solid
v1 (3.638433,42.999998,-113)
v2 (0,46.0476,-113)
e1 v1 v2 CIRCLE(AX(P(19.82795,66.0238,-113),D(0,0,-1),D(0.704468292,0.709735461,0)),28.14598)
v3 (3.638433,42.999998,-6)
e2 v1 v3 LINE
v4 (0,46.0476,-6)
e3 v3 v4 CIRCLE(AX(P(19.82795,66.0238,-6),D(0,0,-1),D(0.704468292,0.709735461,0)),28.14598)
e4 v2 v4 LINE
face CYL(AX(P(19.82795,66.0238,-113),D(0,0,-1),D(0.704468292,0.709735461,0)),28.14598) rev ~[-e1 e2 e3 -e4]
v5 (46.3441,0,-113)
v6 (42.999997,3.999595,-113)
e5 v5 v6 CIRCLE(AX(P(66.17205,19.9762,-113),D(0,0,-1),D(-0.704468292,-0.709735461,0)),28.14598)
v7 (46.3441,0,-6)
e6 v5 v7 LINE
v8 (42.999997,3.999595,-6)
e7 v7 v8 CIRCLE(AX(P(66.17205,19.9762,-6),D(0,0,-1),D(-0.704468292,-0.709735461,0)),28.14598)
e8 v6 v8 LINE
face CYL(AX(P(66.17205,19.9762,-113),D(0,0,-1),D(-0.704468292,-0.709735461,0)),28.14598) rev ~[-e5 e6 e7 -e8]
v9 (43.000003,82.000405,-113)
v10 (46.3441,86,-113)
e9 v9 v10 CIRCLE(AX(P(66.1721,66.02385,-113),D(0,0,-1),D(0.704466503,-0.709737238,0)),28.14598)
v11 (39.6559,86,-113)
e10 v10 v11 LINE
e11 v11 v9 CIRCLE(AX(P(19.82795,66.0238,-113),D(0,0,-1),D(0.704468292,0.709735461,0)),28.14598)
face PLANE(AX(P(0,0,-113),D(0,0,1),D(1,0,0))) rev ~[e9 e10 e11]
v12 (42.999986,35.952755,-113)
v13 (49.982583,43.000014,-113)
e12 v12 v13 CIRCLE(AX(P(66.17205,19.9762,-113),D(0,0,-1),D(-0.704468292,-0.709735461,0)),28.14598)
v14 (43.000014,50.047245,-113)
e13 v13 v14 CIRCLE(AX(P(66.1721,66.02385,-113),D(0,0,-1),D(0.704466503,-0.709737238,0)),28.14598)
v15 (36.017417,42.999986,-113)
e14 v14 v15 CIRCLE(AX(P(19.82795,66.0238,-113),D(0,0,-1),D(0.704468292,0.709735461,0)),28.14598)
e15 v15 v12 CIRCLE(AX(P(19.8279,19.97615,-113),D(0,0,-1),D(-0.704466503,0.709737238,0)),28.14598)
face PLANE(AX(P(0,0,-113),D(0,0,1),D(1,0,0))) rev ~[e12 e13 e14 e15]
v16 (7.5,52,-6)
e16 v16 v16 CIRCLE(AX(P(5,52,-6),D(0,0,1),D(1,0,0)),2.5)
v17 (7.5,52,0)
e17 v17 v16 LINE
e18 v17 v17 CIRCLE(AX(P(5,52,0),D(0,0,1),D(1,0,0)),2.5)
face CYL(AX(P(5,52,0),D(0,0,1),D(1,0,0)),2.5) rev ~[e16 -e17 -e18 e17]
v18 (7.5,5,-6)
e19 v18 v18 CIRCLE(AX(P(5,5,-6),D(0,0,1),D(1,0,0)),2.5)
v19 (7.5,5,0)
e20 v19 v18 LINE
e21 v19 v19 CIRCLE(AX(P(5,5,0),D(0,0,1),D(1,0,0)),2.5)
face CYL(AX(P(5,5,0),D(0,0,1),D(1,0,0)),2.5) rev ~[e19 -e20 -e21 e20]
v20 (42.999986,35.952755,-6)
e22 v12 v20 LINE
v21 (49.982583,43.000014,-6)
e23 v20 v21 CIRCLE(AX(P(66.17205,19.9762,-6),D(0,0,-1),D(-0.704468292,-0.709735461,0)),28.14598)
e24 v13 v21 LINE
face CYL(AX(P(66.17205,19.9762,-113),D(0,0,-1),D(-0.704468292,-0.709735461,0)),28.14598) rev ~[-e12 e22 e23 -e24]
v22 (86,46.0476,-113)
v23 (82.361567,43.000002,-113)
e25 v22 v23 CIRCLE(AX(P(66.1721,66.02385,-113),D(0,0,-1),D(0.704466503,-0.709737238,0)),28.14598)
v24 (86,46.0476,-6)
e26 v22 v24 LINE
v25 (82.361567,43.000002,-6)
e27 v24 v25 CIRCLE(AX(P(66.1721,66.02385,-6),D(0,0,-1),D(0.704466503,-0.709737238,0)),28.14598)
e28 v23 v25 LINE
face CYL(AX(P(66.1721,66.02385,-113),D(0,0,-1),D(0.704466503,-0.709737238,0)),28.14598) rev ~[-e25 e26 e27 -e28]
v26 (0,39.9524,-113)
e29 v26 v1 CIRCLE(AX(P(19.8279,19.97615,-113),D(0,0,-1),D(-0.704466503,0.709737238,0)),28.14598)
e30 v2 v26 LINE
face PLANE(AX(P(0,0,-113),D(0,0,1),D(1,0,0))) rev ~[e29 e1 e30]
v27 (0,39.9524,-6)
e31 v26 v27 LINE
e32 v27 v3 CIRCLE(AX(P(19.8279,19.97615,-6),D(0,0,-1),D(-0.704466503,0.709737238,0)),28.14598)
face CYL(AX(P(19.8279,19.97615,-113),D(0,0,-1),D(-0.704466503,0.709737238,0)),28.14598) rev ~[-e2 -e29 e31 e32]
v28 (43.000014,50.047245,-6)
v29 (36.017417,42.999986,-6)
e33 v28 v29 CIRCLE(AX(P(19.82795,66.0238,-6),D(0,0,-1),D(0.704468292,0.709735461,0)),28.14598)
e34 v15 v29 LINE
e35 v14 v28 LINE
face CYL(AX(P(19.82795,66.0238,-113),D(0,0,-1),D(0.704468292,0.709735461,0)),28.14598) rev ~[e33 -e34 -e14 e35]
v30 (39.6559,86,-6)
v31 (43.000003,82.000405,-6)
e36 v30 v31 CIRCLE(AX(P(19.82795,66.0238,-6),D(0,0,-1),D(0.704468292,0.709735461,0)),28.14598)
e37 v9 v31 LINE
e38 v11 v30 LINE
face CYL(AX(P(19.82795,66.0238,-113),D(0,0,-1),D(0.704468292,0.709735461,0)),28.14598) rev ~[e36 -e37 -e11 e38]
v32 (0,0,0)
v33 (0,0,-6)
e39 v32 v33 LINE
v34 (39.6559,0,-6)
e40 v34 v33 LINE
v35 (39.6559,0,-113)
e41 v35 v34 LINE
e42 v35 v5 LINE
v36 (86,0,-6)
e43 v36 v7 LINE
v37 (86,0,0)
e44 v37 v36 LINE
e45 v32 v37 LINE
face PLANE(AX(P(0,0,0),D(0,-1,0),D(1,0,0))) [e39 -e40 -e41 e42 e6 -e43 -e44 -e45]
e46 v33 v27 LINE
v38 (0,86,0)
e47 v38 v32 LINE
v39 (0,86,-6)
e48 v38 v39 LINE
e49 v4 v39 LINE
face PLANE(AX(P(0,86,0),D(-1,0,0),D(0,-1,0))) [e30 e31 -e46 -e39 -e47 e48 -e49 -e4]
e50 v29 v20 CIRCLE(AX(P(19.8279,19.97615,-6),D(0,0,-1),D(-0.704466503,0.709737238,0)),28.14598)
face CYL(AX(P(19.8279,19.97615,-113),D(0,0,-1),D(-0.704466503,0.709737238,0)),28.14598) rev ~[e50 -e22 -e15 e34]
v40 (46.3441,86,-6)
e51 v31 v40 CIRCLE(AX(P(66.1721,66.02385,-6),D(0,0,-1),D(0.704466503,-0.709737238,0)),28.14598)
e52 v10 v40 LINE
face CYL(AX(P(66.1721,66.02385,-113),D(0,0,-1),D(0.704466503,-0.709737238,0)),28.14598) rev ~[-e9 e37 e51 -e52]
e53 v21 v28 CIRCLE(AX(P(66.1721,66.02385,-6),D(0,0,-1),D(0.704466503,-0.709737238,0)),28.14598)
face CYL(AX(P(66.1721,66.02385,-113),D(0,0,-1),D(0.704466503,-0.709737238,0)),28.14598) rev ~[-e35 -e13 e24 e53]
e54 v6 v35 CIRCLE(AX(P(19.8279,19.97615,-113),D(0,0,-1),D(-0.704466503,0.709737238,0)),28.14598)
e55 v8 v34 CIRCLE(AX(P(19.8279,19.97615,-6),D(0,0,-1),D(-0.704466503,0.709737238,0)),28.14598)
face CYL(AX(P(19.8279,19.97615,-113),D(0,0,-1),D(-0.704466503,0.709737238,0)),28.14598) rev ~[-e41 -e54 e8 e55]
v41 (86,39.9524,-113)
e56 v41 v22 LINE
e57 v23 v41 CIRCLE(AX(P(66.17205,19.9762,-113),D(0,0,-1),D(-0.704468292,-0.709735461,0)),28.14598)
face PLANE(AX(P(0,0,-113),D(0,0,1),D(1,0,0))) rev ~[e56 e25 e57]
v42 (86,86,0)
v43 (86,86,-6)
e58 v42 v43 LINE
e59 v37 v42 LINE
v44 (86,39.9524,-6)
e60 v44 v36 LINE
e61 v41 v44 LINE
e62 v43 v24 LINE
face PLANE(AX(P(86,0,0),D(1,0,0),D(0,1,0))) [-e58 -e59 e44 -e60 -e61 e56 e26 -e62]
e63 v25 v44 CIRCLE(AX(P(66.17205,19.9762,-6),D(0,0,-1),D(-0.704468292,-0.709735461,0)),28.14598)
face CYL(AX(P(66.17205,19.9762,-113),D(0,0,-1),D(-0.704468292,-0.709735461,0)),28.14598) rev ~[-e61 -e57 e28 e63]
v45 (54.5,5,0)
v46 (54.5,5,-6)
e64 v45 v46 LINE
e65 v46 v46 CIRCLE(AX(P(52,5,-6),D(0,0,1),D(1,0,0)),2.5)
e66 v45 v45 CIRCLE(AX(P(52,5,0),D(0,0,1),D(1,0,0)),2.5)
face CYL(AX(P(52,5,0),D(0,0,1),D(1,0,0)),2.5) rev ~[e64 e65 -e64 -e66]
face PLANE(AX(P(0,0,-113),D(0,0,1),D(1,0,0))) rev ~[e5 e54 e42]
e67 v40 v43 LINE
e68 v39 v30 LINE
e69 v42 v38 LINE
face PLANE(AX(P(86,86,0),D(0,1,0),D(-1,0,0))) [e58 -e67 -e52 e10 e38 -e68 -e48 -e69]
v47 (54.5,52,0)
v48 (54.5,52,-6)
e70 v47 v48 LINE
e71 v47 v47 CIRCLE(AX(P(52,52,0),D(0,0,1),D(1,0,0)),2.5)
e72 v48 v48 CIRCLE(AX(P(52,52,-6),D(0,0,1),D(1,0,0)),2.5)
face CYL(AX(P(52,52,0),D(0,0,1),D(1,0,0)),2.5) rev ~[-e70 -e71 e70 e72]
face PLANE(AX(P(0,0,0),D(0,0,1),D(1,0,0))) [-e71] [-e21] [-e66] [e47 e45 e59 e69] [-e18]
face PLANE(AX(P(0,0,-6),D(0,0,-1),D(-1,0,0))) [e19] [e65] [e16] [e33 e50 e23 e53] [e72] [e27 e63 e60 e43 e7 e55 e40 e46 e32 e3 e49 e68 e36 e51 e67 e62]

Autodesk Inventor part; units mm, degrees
ref_plane "YZ Plane" through (0, 0, 0) normal (1, 0, 0) x (0, 1, 0)
ref_plane "XZ Plane" through (0, 0, 0) normal (0, 1, 0) x (-1, 0, 0)
sketch "Sketch1" plane through (0, 0, 0) normal (0, 0, 1) x (1, 0, 0)
  line L0 (0, 0) -> (86, 0)
  line L1 (86, 0) -> (86, 86)
  line L2 (86, 86) -> (0, 86)
  line L3 (0, 86) -> (0, 0)
  circle A0 centre (5, 5) radius 2.5
  circle A1 centre (52, 5) radius 2.5
  circle A2 centre (5, 52) radius 2.5
  circle A3 centre (52, 52) radius 2.5
  dimension "d0" = 86
  dimension "d1" = 86
  dimension "d2" = 5
  dimension "d3" = 5
  dimension "d4" = 5
extrude "Extrusion1" add sketch "Sketch1" against normal blind 113
sketch "Sketch2" plane through (0, 0, -113) normal (0, 0, -1) x (-1, 0, 0)
  line L0 (0, 86) -> (-86, 86) projected
  line L1 (-43, 86) -> (-43, 0)
  line L2 (-86, 0) -> (0, 0) projected
  line L3 (-86, 86) -> (-86, 0) projected
  line L4 (-86, 43) -> (0, 43)
  line L5 (0, 0) -> (0, 86) projected
  arc A0 (-46.3441, 0) -> (-86, 39.9524) centre (-66.1721, 19.9762) ccw
  line L6 (-86, 39.9524) -> (-86, 0)
  line L7 (0, 0) -> (-86, 0)
  line L8 (0, 86) -> (0, 0)
  arc A1 (0, 39.9524) -> (-39.6559, 0) centre (-19.8279, 19.9762) ccw
  line L9 (-86, 86) -> (0, 86)
  arc A2 (-86, 46.0476) -> (-46.3441, 86) centre (-66.1721, 66.0238) ccw
  line L10 (-86, 46.0476) -> (-86, 86)
  arc A3 (-39.6559, 86) -> (0, 46.0476) centre (-19.8279, 66.0238) ccw
  line L11 (0, 86) -> (-86, 86)
  point P0 (0, 39.9524)
  point P1 (-39.6559, 0)
  point P2 (-39.6559, 86)
  point P3 (0, 46.0476)
  point P4 (-86, 46.0476)
  point P5 (-46.3441, 86)
extrude "Extrusion2" cut sketch "Sketch2" against normal blind 107 contours L5 A3 A1 A2 L0 | A2 L1 | A3 A2 A0 L3 L0 | L1 A3 | A3 L4 | L4 A1 | A1 L5 L2 A0 A3 | A2 L4 | L4 A0 | A0 A1 L2 L3 A2 | A0 L1 | L1 A1
properties part number "nema34"
